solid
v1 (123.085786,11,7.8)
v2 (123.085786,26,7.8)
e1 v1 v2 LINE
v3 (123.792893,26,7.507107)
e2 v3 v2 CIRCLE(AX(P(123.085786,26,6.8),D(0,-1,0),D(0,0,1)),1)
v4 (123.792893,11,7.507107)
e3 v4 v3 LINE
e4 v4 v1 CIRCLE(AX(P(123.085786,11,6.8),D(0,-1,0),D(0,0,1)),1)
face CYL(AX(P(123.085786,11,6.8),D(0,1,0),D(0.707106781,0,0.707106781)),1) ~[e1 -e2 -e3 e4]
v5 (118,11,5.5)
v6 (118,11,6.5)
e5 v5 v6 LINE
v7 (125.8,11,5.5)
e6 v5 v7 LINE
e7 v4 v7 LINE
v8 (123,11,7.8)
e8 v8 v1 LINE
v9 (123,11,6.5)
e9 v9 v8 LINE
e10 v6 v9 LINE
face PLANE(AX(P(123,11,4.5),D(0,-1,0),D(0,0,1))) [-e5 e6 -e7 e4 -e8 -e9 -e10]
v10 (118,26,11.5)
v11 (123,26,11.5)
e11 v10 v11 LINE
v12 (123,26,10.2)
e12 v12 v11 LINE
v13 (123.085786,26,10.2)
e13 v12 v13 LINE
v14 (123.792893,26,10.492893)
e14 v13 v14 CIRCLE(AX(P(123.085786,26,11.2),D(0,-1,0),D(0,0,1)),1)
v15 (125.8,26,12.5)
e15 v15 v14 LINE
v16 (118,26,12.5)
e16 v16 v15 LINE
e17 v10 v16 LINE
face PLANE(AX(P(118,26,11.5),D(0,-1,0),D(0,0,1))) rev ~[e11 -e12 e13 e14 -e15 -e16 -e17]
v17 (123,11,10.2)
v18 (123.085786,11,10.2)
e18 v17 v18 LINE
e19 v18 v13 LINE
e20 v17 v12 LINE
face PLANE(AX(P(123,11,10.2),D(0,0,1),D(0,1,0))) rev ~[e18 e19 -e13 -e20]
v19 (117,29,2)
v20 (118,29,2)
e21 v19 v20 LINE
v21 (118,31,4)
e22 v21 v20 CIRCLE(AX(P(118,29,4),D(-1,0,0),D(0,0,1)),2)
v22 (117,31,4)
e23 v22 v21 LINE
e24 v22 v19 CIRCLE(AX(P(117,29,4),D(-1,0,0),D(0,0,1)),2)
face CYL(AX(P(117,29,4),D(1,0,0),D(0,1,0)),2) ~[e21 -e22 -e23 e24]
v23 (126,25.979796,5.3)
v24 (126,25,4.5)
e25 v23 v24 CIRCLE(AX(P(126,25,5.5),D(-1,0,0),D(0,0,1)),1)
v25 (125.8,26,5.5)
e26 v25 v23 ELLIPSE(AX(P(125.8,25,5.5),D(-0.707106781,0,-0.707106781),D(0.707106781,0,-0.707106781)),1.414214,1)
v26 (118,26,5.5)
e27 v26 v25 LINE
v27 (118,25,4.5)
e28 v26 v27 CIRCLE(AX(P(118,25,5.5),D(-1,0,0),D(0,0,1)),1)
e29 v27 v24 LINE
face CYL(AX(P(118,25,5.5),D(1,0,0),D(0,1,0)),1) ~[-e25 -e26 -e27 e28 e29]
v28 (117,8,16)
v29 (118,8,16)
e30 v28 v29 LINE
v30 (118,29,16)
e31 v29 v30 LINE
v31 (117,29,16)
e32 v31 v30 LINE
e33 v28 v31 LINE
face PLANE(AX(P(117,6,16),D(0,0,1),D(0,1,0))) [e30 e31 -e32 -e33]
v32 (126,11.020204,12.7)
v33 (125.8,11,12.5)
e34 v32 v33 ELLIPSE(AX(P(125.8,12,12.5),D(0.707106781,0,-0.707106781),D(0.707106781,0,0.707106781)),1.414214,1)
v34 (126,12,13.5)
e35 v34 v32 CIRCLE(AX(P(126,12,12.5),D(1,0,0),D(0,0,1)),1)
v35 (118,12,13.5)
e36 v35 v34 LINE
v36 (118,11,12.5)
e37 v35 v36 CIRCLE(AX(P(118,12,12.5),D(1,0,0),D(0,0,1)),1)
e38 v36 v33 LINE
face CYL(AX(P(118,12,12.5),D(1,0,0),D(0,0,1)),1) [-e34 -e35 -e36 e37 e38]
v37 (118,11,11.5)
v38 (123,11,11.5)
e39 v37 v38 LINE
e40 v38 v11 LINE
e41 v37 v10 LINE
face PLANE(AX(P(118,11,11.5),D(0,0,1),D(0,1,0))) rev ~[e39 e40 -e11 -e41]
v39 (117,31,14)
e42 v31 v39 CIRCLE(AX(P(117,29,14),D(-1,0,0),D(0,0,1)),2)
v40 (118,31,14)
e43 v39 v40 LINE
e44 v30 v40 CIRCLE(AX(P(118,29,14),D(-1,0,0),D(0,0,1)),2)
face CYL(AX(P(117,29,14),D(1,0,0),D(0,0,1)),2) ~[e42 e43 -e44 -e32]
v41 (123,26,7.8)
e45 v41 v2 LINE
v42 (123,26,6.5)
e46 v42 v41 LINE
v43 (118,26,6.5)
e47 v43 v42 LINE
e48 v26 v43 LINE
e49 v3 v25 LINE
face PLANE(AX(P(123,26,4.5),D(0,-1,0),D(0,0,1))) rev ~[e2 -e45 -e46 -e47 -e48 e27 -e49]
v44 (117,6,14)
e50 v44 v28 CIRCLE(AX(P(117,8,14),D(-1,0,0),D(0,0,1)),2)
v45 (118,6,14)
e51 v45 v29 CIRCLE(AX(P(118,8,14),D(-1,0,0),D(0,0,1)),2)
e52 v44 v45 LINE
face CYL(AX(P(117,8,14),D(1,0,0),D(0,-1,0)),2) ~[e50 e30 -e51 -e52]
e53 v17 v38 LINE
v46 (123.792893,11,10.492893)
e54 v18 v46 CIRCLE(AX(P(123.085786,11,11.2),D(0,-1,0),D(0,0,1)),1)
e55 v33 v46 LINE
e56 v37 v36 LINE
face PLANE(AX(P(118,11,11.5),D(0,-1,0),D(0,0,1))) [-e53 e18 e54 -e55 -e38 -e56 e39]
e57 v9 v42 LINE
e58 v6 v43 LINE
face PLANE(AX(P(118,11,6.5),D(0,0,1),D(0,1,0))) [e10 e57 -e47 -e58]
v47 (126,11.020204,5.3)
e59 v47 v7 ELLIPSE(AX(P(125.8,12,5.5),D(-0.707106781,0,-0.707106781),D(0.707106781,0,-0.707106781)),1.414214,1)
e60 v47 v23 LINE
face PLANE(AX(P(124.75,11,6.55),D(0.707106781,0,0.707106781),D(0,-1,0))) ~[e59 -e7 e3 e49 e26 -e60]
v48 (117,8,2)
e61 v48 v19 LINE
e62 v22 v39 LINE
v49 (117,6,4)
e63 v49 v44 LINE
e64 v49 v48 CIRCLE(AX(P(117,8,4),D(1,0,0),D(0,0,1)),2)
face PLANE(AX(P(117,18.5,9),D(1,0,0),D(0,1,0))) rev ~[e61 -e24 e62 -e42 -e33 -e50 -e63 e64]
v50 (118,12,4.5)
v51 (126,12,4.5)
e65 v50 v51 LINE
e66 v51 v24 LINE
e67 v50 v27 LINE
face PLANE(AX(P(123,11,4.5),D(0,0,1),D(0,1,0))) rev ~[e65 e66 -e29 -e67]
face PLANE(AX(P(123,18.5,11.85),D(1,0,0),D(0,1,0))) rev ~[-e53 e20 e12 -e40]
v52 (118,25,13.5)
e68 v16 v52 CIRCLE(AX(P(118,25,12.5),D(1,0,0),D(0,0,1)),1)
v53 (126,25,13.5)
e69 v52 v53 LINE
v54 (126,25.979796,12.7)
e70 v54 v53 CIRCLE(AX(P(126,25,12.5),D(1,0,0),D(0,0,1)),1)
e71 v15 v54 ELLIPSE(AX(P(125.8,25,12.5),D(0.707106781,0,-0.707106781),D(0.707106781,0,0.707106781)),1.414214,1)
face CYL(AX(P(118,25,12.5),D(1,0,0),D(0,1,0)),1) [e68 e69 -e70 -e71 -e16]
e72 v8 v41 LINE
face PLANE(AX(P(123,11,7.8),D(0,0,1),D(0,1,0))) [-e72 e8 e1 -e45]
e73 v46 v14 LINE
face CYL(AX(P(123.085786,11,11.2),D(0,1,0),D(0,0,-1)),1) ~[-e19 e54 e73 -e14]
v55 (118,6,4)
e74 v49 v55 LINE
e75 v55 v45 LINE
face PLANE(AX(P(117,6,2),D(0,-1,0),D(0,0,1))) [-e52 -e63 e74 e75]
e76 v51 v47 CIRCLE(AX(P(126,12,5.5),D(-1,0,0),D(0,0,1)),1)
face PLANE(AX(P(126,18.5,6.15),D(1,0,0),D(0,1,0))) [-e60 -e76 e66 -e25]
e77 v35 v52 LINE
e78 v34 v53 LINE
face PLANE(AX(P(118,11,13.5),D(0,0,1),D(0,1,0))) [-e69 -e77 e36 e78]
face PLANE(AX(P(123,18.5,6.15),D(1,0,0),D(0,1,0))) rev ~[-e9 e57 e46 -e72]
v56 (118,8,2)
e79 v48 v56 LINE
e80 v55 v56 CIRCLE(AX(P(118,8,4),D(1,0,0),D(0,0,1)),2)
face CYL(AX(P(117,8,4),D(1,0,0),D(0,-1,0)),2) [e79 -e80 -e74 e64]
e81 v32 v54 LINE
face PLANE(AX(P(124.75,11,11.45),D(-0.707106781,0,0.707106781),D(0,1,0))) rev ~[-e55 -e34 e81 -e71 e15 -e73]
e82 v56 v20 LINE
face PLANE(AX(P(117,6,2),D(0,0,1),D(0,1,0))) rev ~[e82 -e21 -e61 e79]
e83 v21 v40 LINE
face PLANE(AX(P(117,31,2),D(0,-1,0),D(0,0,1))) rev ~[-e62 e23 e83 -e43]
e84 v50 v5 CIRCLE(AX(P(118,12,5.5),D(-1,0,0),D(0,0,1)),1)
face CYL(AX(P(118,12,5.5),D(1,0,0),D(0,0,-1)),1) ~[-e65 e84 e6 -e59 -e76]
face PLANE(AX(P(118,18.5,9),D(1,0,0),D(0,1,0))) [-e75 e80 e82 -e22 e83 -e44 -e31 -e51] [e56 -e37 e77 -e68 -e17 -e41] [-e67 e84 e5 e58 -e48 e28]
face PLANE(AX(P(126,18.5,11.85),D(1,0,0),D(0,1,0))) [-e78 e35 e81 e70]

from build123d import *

# Parameters (mm, degrees)
SKETCH007_W  = 25
SKETCH007_H  = 14
PAD003_DEPTH = 1
FILLET002_R  = 2
FILLET003_R  = 2
FILLET004_R  = 2
FILLET005_R  = 2
SKETCH008_W  = 15
SKETCH008_H  = 2
PAD004_DEPTH = 5
SKETCH009_W  = 15
SKETCH009_H  = 3.3
PAD005_DEPTH = 3
CHAMFER_SIZE = 2.5
FILLET006_R  = 1
FILLET007_R  = 1
FILLET008_R  = 1


with BuildPart() as part:
    # Sketch007 → Pad003 (new body)
    with BuildSketch(Plane.YZ):
        with Locations((-12.5, 9)):
            Rectangle(SKETCH007_W, SKETCH007_H)
    extrude(amount=PAD003_DEPTH)

    # Fillet002
    fillet002_edges = [part.edges().sort_by_distance(p)[0] for p in [
        (0.5, -25, 2),
    ]]
    fillet(fillet002_edges, radius=FILLET002_R)

    # Fillet003
    fillet003_edges = [part.edges().sort_by_distance(p)[0] for p in [
        (0.5, -25, 16),
    ]]
    fillet(fillet003_edges, radius=FILLET003_R)

    # Fillet004
    fillet004_edges = [part.edges().sort_by_distance(p)[0] for p in [
        (0.5, 0, 16),
    ]]
    fillet(fillet004_edges, radius=FILLET004_R)

    # Fillet005
    fillet005_edges = [part.edges().sort_by_distance(p)[0] for p in [
        (0.5, 0, 2),
    ]]
    fillet(fillet005_edges, radius=FILLET005_R)

    # Sketch008 (on Face10 of Fillet005) → Pad004 (join)
    with BuildSketch(Plane.YZ.offset(1)):
        with Locations((-12.5, 12.5)):
            Rectangle(SKETCH008_W, SKETCH008_H)
        with Locations((-12.5, 5.5)):
            Rectangle(SKETCH008_W, SKETCH008_H)
    extrude(amount=PAD004_DEPTH)

    # Sketch009 (on Face20 of Pad004) → Pad005 (join)
    with BuildSketch(Plane.YZ.offset(6)):
        with Locations((-12.5, 6.15)):
            Rectangle(SKETCH009_W, SKETCH009_H)
        with Locations((-12.5, 11.85)):
            Rectangle(SKETCH009_W, SKETCH009_H)
    extrude(amount=PAD005_DEPTH)

    # Chamfer
    chamfer_edges = [part.edges().sort_by_distance(p)[0] for p in [
        (9, -12.5, 7.8),
        (9, -12.5, 10.2),
    ]]
    chamfer(chamfer_edges, length=CHAMFER_SIZE)

    # Fillet006
    fillet006_edges = [part.edges().sort_by_distance(p)[0] for p in [
        (6.5, -12.5, 10.2),
    ]]
    fillet(fillet006_edges, radius=FILLET006_R)

    # Fillet007
    fillet007_edges = [part.edges().sort_by_distance(p)[0] for p in [
        (6.5, -12.5, 7.8),
    ]]
    fillet(fillet007_edges, radius=FILLET007_R)

    # Fillet008
    fillet008_edges = [part.edges().sort_by_distance(p)[0] for p in [
        (3.5, -20, 4.5),
        (3.5, -20, 13.5),
        (3.5, -5, 13.5),
        (3.5, -5, 4.5),
    ]]
    fillet(fillet008_edges, radius=FILLET008_R)


with BuildPart() as part_1:
    # Body002 placement: moved
    add(part.part.moved(Location((117, 31, 0))))


solid = part_1.part
